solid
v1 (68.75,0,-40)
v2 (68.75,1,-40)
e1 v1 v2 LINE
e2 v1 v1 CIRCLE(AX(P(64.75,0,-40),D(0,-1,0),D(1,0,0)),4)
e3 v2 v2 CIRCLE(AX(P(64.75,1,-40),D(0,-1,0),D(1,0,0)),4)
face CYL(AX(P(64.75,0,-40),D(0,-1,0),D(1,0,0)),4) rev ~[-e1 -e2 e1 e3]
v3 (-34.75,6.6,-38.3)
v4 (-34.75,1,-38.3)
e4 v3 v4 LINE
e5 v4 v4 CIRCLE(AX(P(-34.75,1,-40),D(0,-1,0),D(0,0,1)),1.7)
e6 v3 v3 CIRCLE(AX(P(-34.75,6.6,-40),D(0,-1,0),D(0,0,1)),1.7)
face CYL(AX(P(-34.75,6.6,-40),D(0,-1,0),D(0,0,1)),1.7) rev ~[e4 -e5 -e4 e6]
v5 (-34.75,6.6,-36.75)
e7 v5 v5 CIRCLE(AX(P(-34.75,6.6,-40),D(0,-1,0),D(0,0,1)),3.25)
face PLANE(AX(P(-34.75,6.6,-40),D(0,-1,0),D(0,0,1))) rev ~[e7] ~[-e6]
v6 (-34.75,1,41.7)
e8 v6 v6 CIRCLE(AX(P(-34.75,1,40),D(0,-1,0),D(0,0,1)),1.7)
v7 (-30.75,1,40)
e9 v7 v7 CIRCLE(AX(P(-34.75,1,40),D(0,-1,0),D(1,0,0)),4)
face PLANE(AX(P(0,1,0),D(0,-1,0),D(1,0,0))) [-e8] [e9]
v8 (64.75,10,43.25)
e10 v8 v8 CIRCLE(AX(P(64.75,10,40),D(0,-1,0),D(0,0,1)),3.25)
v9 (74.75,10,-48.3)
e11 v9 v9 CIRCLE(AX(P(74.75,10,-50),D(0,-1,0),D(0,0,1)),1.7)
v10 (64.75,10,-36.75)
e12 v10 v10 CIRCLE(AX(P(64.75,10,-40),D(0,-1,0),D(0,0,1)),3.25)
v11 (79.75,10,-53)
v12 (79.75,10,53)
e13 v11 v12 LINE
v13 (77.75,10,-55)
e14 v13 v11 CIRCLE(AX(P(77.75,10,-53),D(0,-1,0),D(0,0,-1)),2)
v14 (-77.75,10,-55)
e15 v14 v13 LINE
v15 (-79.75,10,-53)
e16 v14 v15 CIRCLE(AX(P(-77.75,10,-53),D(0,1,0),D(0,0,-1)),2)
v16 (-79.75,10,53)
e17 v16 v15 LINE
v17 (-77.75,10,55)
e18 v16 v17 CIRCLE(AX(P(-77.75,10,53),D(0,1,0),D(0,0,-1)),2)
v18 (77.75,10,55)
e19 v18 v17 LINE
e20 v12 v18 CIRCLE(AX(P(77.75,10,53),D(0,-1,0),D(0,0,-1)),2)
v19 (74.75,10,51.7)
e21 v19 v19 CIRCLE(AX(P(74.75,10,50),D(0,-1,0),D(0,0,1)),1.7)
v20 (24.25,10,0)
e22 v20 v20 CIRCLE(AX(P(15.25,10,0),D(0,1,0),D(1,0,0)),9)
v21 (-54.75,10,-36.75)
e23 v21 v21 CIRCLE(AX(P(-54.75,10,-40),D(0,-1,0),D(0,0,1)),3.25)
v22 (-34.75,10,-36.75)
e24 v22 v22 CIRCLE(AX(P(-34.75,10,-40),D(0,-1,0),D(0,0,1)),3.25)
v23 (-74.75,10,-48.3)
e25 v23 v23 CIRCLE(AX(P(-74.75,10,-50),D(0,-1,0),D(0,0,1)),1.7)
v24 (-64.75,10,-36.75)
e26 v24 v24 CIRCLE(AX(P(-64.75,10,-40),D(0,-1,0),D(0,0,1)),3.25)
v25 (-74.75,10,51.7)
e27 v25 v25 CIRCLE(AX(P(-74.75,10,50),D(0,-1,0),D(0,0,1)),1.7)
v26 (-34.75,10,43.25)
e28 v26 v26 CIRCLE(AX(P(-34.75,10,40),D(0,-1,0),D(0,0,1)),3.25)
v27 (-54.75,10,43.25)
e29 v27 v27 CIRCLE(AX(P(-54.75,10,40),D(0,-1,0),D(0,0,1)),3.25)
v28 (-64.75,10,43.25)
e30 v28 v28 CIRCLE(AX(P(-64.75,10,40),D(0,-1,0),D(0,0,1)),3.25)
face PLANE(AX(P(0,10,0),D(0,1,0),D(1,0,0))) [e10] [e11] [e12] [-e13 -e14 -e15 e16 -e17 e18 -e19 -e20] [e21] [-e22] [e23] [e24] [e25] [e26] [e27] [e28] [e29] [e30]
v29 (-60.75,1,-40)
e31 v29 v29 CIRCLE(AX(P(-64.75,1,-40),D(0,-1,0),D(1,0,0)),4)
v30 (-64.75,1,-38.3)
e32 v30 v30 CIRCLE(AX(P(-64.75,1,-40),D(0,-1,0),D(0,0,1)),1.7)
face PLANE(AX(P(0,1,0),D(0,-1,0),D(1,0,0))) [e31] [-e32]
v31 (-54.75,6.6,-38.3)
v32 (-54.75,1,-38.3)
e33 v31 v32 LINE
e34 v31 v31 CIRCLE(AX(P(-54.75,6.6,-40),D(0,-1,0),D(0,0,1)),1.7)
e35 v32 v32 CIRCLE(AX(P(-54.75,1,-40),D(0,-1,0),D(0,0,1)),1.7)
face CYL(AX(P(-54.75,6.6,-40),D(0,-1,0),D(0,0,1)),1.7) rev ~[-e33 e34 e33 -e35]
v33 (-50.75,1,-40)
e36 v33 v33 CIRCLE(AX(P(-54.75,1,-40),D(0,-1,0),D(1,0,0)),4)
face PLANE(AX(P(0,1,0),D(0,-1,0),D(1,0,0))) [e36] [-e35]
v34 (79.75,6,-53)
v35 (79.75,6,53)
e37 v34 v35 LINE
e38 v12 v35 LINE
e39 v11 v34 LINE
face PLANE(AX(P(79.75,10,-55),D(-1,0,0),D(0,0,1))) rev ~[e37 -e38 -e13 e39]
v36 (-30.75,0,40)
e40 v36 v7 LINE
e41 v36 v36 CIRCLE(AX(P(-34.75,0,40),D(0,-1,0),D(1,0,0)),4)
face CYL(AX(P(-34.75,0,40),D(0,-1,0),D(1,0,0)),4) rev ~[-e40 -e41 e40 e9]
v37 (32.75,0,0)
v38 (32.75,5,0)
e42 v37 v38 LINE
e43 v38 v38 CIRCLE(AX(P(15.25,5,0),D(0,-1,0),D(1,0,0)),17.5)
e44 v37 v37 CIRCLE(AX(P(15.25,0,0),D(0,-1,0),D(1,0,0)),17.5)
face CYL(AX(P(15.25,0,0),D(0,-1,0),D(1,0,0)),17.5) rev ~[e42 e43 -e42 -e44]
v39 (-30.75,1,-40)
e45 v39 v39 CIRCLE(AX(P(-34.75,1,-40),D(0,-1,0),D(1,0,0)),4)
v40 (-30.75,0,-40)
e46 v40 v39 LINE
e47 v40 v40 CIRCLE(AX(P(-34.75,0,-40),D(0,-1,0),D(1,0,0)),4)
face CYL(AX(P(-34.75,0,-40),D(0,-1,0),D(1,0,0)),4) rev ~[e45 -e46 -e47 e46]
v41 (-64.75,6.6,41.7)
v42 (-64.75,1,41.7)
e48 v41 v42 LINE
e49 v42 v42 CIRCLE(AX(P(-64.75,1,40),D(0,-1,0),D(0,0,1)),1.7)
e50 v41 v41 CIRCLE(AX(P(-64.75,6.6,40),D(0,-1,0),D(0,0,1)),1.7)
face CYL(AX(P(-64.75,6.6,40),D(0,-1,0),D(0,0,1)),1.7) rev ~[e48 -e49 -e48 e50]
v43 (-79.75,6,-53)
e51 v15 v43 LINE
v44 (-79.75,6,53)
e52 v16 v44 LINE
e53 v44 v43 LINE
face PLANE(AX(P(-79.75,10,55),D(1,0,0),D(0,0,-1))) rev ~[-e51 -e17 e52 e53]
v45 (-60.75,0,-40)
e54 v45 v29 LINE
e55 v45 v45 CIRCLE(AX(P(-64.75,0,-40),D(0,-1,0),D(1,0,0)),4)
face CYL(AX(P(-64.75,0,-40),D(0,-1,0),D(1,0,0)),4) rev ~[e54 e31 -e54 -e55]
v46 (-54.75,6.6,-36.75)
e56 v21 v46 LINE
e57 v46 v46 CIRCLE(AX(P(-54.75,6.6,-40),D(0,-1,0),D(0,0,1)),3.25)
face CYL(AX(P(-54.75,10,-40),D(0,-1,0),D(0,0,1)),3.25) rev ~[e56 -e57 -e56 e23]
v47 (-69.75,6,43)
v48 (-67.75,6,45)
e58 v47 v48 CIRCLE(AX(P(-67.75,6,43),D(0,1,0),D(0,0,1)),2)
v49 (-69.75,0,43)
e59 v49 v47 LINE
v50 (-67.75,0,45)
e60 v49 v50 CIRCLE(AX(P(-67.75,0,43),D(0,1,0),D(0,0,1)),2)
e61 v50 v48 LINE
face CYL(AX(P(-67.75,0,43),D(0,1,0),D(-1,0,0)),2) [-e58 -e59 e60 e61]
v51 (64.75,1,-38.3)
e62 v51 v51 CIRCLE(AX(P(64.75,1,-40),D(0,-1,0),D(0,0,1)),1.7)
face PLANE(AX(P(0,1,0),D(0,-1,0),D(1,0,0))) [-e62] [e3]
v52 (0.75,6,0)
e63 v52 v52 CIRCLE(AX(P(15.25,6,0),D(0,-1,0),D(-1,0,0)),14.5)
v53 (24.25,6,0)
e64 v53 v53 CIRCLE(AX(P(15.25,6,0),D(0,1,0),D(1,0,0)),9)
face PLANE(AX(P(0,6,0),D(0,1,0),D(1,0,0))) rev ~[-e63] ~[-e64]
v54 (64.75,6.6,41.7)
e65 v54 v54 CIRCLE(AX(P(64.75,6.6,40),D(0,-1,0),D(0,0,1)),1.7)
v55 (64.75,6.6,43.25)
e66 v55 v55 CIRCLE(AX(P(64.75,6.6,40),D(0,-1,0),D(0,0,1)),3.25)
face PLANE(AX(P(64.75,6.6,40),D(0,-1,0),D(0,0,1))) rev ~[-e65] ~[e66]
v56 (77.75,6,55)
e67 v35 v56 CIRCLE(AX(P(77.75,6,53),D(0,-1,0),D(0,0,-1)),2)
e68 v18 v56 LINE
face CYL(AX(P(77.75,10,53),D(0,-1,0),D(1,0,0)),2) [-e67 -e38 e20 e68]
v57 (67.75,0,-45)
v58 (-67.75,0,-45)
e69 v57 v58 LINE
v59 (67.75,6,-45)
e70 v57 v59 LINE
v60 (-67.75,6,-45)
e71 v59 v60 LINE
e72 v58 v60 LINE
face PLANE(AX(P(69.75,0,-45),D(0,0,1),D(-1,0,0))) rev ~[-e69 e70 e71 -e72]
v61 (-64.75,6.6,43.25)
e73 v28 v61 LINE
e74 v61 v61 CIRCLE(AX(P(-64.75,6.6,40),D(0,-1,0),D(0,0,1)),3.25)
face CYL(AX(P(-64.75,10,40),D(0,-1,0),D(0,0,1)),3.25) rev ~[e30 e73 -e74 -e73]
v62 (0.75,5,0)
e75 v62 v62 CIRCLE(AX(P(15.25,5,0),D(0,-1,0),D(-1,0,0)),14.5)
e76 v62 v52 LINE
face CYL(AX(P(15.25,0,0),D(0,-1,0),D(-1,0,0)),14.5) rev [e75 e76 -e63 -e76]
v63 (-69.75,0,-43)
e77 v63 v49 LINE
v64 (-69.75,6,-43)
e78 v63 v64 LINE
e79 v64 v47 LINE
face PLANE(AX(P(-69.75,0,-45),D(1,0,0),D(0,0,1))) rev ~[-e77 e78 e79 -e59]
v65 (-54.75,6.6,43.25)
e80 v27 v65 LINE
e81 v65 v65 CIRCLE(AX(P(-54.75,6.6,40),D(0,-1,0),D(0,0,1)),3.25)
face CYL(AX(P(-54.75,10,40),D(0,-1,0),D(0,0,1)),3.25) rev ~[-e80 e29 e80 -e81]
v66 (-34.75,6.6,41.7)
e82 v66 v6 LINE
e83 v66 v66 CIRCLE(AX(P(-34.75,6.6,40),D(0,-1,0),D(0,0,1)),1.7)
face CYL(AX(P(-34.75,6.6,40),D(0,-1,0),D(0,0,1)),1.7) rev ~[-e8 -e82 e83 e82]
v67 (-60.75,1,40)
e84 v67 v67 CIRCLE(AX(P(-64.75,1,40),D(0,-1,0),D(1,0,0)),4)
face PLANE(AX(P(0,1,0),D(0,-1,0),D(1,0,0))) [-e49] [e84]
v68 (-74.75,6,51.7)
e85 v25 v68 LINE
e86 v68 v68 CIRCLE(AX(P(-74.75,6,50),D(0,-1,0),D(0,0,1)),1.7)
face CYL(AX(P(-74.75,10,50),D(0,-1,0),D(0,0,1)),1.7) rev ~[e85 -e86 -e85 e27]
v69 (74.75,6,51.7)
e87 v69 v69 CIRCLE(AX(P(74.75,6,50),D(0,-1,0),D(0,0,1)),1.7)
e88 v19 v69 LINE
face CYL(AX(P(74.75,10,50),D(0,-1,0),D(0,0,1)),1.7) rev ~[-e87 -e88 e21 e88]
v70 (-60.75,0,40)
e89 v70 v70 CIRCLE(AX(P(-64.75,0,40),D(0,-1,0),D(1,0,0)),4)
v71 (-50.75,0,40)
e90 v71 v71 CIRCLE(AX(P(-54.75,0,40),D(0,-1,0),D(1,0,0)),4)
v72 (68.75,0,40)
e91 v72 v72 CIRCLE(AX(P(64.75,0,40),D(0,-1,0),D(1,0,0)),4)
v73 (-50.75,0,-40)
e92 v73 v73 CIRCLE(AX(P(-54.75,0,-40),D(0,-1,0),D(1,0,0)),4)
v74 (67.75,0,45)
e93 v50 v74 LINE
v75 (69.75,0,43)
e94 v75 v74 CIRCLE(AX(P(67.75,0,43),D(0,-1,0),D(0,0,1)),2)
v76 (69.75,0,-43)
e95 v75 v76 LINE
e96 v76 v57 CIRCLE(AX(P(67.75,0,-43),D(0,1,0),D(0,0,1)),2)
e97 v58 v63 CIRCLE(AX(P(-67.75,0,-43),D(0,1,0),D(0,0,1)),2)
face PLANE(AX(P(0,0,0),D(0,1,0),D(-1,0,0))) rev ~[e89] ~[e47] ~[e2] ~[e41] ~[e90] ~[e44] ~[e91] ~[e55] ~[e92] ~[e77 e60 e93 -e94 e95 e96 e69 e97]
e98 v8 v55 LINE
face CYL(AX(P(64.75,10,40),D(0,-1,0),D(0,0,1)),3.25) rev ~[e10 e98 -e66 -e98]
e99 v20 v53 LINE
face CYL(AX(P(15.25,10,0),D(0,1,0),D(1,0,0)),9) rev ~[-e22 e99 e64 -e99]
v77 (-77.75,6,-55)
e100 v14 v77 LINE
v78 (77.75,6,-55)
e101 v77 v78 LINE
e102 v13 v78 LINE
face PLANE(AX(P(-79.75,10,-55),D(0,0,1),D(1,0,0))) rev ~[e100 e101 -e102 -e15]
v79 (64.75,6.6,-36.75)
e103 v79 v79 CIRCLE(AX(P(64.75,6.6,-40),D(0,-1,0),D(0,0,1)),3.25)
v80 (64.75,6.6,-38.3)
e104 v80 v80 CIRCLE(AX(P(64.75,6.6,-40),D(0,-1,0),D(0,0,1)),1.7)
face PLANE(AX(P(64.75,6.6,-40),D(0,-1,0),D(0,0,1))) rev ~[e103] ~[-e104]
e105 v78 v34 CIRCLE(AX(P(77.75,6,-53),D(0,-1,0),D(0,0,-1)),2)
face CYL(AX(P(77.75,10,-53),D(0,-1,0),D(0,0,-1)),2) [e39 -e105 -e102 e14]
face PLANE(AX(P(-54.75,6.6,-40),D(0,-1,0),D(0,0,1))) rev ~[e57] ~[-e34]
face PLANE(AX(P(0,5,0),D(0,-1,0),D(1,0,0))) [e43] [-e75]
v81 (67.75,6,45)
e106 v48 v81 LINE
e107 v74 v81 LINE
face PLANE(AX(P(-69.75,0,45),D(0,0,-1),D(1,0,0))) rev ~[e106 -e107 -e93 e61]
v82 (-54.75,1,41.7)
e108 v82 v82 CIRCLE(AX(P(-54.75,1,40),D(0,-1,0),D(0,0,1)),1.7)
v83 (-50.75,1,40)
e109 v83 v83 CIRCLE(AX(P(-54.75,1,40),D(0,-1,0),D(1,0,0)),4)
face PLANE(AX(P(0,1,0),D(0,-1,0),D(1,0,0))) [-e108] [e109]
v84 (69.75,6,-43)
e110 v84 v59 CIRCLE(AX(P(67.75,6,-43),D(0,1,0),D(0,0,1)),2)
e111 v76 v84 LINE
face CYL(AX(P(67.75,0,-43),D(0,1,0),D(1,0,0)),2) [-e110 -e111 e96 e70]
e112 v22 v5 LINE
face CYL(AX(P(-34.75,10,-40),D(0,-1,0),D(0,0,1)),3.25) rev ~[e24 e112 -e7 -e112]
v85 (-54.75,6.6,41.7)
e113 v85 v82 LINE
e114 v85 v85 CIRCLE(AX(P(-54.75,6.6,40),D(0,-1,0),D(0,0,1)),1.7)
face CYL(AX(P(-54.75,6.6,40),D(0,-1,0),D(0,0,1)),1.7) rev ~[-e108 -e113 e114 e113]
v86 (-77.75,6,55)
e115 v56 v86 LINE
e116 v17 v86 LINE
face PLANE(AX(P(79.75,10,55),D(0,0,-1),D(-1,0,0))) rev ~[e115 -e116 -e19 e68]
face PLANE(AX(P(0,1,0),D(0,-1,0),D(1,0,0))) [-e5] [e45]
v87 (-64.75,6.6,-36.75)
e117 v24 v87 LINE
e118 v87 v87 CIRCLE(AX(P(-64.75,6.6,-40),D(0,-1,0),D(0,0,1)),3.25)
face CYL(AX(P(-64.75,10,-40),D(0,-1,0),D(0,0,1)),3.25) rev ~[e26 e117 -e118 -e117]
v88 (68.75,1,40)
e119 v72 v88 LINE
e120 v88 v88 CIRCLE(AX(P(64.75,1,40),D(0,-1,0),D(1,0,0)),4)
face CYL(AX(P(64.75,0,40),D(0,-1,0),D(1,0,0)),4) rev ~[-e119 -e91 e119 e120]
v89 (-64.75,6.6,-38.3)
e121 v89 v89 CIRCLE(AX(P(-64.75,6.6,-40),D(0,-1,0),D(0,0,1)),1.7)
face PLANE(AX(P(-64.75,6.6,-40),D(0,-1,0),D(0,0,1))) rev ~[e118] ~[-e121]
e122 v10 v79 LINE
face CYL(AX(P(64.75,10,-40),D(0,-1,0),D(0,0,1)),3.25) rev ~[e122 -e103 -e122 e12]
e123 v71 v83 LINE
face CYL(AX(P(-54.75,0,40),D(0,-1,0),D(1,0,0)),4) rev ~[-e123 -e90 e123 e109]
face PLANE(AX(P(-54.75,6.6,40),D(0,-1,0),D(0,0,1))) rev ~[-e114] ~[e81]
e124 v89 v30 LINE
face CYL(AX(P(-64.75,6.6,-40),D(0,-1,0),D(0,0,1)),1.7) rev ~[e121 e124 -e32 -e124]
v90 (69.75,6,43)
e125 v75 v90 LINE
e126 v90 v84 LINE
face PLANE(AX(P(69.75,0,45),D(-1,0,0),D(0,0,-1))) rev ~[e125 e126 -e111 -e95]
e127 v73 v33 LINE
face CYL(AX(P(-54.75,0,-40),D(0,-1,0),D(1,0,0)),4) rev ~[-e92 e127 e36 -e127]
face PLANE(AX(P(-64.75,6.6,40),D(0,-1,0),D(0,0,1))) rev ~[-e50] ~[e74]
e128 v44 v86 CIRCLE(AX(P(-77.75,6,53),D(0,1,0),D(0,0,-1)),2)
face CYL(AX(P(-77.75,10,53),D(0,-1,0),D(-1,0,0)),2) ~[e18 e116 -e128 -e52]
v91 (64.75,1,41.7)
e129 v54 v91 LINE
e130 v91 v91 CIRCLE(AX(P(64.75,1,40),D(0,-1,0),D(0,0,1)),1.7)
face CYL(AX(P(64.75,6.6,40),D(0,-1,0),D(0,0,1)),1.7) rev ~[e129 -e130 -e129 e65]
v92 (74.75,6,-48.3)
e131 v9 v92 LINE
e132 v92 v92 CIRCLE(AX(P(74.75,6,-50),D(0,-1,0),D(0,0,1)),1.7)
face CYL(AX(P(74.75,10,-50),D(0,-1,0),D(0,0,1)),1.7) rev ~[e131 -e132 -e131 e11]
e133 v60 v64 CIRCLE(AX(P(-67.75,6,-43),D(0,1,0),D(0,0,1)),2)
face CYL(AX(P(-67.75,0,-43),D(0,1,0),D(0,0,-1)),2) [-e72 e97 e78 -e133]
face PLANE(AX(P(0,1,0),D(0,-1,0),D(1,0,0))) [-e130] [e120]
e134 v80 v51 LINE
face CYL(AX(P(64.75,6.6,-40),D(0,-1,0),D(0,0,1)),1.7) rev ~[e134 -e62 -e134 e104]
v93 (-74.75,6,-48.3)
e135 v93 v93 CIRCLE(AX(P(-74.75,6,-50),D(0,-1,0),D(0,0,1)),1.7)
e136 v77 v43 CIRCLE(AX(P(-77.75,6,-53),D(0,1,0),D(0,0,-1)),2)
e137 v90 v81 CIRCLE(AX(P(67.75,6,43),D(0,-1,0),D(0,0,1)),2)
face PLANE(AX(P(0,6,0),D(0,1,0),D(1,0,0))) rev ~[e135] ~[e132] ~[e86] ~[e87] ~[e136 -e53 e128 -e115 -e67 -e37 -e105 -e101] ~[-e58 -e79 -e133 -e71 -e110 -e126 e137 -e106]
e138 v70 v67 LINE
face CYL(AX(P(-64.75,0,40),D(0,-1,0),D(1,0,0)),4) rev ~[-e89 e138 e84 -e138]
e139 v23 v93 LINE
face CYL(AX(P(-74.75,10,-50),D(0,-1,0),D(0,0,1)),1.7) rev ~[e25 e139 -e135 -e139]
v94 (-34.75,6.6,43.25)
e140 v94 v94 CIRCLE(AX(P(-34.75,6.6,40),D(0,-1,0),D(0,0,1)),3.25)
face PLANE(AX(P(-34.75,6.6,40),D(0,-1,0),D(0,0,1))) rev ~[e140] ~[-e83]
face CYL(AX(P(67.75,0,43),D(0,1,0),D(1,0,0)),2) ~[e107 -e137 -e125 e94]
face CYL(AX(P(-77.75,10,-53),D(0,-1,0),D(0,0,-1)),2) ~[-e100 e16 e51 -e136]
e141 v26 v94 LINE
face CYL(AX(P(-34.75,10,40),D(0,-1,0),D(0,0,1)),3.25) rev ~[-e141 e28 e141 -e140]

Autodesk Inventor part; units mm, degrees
ref_plane "YZ Plane" through (0, 0, 0) normal (1, 0, 0) x (0, 1, 0)
ref_plane "XZ Plane" through (0, 0, 0) normal (0, 1, 0) x (-1, 0, 0)
ref_plane "XY Plane" through (0, 0, 0) normal (0, 0, 1) x (1, 0, 0)
sketch "Sketch1" plane through (0, 0, 0) normal (0, 1, 0) x (-1, 0, 0)
  line L0 (69.75, 45) -> (-69.75, 45)
  line L1 (-69.75, 45) -> (-69.75, -45)
  line L2 (-69.75, -45) -> (69.75, -45)
  line L3 (69.75, -45) -> (69.75, 45)
  line L4 (69.75, 45) -> (-69.75, -45) construction
  line L5 (-69.75, 45) -> (69.75, -45) construction
  circle A0 centre (-15.25, 0) radius 14.5
  line L6 (152.1746, 0) -> (-152.1746, 0) construction
  line L7 (0, 58.0523) -> (0, -58.0523) construction
  point P0 (0, 0)
  dimension "d0" = 139.5
  dimension "d2" = 29
  dimension "d4" = 90
  dimension "d5" = 54.5
extrude "Extrusion1" add sketch "Sketch1" along normal blind 10
sketch "Sketch2" plane through (0, 10, 0) normal (0, 1, 0) x (1, 0, 0)
  line L0 (-64.75, -40) -> (64.75, -40) construction
  line L1 (64.75, -40) -> (64.75, 40) construction
  line L2 (64.75, 40) -> (-64.75, 40) construction
  line L3 (-64.75, 40) -> (-64.75, -40) construction
  line L4 (-64.75, -40) -> (64.75, 40) construction
  line L5 (64.75, -40) -> (-64.75, 40) construction
  line L6 (69.75, 45) -> (-69.75, 45) projected
  line L7 (69.75, -45) -> (69.75, 45) projected
  point P0 (0, 0)
  dimension "d11" = 5
  dimension "d12" = 5
hole "Hole1" at (-64.75, 10, -40) at (64.75, 10, -40) at (64.75, 10, 40) at (-64.75, 10, 40) direction (0, -1, 0) diameter 3.4 end through all counterbore diameter 6.5 counterbore depth 3.4 clearance for "Socket Head Cap Screw ISO 4762" size "M3" standard "ISO"
sketch "Sketch3" plane through (0, 0, 0) normal (0, -1, 0) x (1, 0, 0)
  circle A0 centre (-64.75, 40) radius 3.25 projected
  circle A1 centre (-64.75, 40) radius 4
  circle A2 centre (-64.75, 40) radius 1.7 projected
  circle A3 centre (64.75, 40) radius 1.7 projected
  circle A4 centre (64.75, -40) radius 1.7 projected
  circle A5 centre (-64.75, -40) radius 1.7 projected
  line L0 (69.75, 45) -> (69.75, -45) projected
  line L1 (-69.75, 45) -> (69.75, 45) projected
  line L2 (-69.75, -45) -> (-69.75, 45) projected
  line L3 (69.75, -45) -> (-69.75, -45) projected
  circle A6 centre (64.75, 40) radius 4
  circle A7 centre (-64.75, -40) radius 4
  circle A8 centre (64.75, -40) radius 4
  point P0 (0, 0)
  dimension "d22" = 129.5
  dimension "d25" = 80
  dimension "d28" = 8
  dimension "d63" = 90
  dimension "d64" = 139.5
extrude "Extrusion2" cut sketch "Sketch3" against normal blind 1 contours A0 | A1 | A2 | A3 | A4 | A5 | A6 | A7 | A8
sketch "Sketch4" plane through (0, 0, 0) normal (0, -1, 0) x (1, 0, 0)
  circle A0 centre (64.75, -40) radius 4 projected
  circle A1 centre (-64.75, -40) radius 4 projected
  circle A2 centre (64.75, 40) radius 4 projected
  circle A3 centre (-64.75, 40) radius 4 projected
  line L0 (69.75, 45) -> (69.75, -45) projected
  line L1 (-69.75, 45) -> (69.75, 45) projected
  line L2 (-69.75, -45) -> (-69.75, 45) projected
  line L3 (69.75, -45) -> (-69.75, -45) projected
  circle A4 centre (15.25, 0) radius 14.5 projected
  circle A5 centre (15.25, 0) radius 17.5
  point P0 (0, 0)
  dimension "d31" = 35
extrude "Extrusion3" cut sketch "Sketch4" against normal blind 5 contours A5
sketch "Sketch5" plane through (0, 0, 0) normal (0, -1, 0) x (1, 0, 0)
  line L0 (-59.75, 45) -> (-29.75, 45) construction
  line L1 (-29.75, 45) -> (-29.75, -45) construction
  line L2 (-29.75, -45) -> (-59.75, -45) construction
  line L3 (-59.75, -45) -> (-59.75, 45) construction
  line L4 (-97.65, 0) -> (97.65, 0) projected
  circle A0 centre (-54.75, 40) radius 4
  circle A1 centre (-34.75, 40) radius 4
  circle A2 centre (-54.75, -40) radius 4
  circle A3 centre (-34.75, -40) radius 4
  line L5 (-59.75, 45) -> (-29.75, -45) construction
  line L6 (-69.75, -45) -> (-69.75, 45) projected
  point P0 (0, 0)
  point P1 (-59.75, 0)
  point P2 (-44.75, 0)
  dimension "d34" = 90
  dimension "d35" = 30
  dimension "d36" = 8
  dimension "d37" = 5
  dimension "d38" = 5
  dimension "d41" = 20
  dimension "d44" = 80
  dimension "d47" = 25
  dimension "d65" = 90
extrude "Extrusion4" cut sketch "Sketch5" against normal blind 1
sketch "Sketch7" plane through (0, 10, 0) normal (0, 1, 0) x (1, 0, 0)
  circle A0 centre (-54.75, -40) radius 4 construction
  point P0 (0, 0)
hole "Hole2" at (-54.75, 10, 40) direction (0, -1, 0) diameter 3.4 end through all counterbore diameter 6.5 counterbore depth 3.4 clearance for "Socket Head Cap Screw ISO 4762" size "M3" standard "ISO"
pattern_linear "Rectangular Pattern1" count 2 spacing 80 along (0, 0, -1) count 2 spacing 20 along (1, 0, 0) of "Hole2"
sketch "Sketch8" plane through (0, 10, 0) normal (0, 1, 0) x (1, 0, 0)
  circle A0 centre (-34.75, 40) radius 3.25 projected
  circle A1 centre (-34.75, -40) radius 3.25 projected
  circle A2 centre (-54.75, 40) radius 3.25 projected
  circle A3 centre (-54.75, -40) radius 3.25 projected
  circle A4 centre (-64.75, -40) radius 3.25 projected
  circle A5 centre (64.75, -40) radius 3.25 projected
  circle A6 centre (64.75, 40) radius 3.25 projected
  circle A7 centre (-64.75, 40) radius 3.25 projected
  line L0 (69.75, -45) -> (69.75, 45) projected
  line L1 (69.75, 45) -> (-69.75, 45) projected
  line L2 (-69.75, 45) -> (-69.75, -45) projected
  line L3 (-69.75, -45) -> (69.75, -45) projected
  circle A8 centre (15.25, 0) radius 14.5 projected
  circle A9 centre (15.25, 0) radius 9
  point P0 (0, 0)
  dimension "d66" = 18
extrude "Extrusion5" add sketch "Sketch8" against normal blind 4 contours A8
sketch "Sketch9" plane through (0, 10, 0) normal (0, 1, 0) x (1, 0, 0)
  circle A0 centre (15.25, 0) radius 9 projected
  circle A1 centre (-34.75, 40) radius 3.25 projected
  circle A2 centre (-34.75, -40) radius 3.25 projected
  circle A3 centre (-54.75, 40) radius 3.25 projected
  circle A4 centre (-54.75, -40) radius 3.25 projected
  circle A5 centre (-64.75, -40) radius 3.25 projected
  circle A6 centre (64.75, -40) radius 3.25 projected
  circle A7 centre (64.75, 40) radius 3.25 projected
  circle A8 centre (-64.75, 40) radius 3.25 projected
  line L0 (69.75, -45) -> (69.75, 45) projected
  line L1 (69.75, 45) -> (-69.75, 45) projected
  line L2 (-69.75, 45) -> (-69.75, -45) projected
  line L3 (-69.75, -45) -> (69.75, -45) projected
  line L4 (-79.75, 55) -> (79.75, 55)
  line L5 (79.75, 55) -> (79.75, -55)
  line L6 (79.75, -55) -> (-79.75, -55)
  line L7 (-79.75, -55) -> (-79.75, 55)
  point P0 (0, 0)
  dimension "d69" = 10
  dimension "d70" = 10
  dimension "d71" = 10
  dimension "d72" = 10
extrude "Extrusion6" add sketch "Sketch9" against normal blind 4 contours L4 L5 L6 L7
fillet "Fillet1" radius 2 8 edges at (-79.75, 8, 55) (-69.75, 3, 45) (69.75, 3, 45) (79.75, 8, 55) (79.75, 8, -55) (69.75, 3, -45) (-69.75, 3, -45) (-79.75, 8, -55)
sketch "Sketch11" plane through (0, 10, 0) normal (0, 1, 0) x (1, 0, 0)
  line L0 (74.75, -50) -> (-74.75, -50) construction
  line L1 (-74.75, -50) -> (-74.75, 50) construction
  line L2 (-74.75, 50) -> (74.75, 50) construction
  line L3 (74.75, 50) -> (74.75, -50) construction
  line L4 (-79.75, 53) -> (-79.75, -53) construction
  line L5 (77.75, 55) -> (-77.75, 55) construction
  line L6 (-77.75, -55) -> (77.75, -55) construction
  line L7 (79.75, -53) -> (79.75, 53) construction
  point P0 (0, 0)
  dimension "d87" = 5
  dimension "d88" = 5
  dimension "d89" = 5
  dimension "d90" = 5
hole "Hole4" at (-74.75, 10, 50) at (-74.75, 10, -50) at (74.75, 10, -50) at (74.75, 10, 50) direction (0, -1, 0) diameter 3.4 end through all clearance for "Socket Head Cap Screw ISO 4762" size "M3" standard "ISO"
equation "\"d34\" = d65"
properties part number "plate 2 for print"
